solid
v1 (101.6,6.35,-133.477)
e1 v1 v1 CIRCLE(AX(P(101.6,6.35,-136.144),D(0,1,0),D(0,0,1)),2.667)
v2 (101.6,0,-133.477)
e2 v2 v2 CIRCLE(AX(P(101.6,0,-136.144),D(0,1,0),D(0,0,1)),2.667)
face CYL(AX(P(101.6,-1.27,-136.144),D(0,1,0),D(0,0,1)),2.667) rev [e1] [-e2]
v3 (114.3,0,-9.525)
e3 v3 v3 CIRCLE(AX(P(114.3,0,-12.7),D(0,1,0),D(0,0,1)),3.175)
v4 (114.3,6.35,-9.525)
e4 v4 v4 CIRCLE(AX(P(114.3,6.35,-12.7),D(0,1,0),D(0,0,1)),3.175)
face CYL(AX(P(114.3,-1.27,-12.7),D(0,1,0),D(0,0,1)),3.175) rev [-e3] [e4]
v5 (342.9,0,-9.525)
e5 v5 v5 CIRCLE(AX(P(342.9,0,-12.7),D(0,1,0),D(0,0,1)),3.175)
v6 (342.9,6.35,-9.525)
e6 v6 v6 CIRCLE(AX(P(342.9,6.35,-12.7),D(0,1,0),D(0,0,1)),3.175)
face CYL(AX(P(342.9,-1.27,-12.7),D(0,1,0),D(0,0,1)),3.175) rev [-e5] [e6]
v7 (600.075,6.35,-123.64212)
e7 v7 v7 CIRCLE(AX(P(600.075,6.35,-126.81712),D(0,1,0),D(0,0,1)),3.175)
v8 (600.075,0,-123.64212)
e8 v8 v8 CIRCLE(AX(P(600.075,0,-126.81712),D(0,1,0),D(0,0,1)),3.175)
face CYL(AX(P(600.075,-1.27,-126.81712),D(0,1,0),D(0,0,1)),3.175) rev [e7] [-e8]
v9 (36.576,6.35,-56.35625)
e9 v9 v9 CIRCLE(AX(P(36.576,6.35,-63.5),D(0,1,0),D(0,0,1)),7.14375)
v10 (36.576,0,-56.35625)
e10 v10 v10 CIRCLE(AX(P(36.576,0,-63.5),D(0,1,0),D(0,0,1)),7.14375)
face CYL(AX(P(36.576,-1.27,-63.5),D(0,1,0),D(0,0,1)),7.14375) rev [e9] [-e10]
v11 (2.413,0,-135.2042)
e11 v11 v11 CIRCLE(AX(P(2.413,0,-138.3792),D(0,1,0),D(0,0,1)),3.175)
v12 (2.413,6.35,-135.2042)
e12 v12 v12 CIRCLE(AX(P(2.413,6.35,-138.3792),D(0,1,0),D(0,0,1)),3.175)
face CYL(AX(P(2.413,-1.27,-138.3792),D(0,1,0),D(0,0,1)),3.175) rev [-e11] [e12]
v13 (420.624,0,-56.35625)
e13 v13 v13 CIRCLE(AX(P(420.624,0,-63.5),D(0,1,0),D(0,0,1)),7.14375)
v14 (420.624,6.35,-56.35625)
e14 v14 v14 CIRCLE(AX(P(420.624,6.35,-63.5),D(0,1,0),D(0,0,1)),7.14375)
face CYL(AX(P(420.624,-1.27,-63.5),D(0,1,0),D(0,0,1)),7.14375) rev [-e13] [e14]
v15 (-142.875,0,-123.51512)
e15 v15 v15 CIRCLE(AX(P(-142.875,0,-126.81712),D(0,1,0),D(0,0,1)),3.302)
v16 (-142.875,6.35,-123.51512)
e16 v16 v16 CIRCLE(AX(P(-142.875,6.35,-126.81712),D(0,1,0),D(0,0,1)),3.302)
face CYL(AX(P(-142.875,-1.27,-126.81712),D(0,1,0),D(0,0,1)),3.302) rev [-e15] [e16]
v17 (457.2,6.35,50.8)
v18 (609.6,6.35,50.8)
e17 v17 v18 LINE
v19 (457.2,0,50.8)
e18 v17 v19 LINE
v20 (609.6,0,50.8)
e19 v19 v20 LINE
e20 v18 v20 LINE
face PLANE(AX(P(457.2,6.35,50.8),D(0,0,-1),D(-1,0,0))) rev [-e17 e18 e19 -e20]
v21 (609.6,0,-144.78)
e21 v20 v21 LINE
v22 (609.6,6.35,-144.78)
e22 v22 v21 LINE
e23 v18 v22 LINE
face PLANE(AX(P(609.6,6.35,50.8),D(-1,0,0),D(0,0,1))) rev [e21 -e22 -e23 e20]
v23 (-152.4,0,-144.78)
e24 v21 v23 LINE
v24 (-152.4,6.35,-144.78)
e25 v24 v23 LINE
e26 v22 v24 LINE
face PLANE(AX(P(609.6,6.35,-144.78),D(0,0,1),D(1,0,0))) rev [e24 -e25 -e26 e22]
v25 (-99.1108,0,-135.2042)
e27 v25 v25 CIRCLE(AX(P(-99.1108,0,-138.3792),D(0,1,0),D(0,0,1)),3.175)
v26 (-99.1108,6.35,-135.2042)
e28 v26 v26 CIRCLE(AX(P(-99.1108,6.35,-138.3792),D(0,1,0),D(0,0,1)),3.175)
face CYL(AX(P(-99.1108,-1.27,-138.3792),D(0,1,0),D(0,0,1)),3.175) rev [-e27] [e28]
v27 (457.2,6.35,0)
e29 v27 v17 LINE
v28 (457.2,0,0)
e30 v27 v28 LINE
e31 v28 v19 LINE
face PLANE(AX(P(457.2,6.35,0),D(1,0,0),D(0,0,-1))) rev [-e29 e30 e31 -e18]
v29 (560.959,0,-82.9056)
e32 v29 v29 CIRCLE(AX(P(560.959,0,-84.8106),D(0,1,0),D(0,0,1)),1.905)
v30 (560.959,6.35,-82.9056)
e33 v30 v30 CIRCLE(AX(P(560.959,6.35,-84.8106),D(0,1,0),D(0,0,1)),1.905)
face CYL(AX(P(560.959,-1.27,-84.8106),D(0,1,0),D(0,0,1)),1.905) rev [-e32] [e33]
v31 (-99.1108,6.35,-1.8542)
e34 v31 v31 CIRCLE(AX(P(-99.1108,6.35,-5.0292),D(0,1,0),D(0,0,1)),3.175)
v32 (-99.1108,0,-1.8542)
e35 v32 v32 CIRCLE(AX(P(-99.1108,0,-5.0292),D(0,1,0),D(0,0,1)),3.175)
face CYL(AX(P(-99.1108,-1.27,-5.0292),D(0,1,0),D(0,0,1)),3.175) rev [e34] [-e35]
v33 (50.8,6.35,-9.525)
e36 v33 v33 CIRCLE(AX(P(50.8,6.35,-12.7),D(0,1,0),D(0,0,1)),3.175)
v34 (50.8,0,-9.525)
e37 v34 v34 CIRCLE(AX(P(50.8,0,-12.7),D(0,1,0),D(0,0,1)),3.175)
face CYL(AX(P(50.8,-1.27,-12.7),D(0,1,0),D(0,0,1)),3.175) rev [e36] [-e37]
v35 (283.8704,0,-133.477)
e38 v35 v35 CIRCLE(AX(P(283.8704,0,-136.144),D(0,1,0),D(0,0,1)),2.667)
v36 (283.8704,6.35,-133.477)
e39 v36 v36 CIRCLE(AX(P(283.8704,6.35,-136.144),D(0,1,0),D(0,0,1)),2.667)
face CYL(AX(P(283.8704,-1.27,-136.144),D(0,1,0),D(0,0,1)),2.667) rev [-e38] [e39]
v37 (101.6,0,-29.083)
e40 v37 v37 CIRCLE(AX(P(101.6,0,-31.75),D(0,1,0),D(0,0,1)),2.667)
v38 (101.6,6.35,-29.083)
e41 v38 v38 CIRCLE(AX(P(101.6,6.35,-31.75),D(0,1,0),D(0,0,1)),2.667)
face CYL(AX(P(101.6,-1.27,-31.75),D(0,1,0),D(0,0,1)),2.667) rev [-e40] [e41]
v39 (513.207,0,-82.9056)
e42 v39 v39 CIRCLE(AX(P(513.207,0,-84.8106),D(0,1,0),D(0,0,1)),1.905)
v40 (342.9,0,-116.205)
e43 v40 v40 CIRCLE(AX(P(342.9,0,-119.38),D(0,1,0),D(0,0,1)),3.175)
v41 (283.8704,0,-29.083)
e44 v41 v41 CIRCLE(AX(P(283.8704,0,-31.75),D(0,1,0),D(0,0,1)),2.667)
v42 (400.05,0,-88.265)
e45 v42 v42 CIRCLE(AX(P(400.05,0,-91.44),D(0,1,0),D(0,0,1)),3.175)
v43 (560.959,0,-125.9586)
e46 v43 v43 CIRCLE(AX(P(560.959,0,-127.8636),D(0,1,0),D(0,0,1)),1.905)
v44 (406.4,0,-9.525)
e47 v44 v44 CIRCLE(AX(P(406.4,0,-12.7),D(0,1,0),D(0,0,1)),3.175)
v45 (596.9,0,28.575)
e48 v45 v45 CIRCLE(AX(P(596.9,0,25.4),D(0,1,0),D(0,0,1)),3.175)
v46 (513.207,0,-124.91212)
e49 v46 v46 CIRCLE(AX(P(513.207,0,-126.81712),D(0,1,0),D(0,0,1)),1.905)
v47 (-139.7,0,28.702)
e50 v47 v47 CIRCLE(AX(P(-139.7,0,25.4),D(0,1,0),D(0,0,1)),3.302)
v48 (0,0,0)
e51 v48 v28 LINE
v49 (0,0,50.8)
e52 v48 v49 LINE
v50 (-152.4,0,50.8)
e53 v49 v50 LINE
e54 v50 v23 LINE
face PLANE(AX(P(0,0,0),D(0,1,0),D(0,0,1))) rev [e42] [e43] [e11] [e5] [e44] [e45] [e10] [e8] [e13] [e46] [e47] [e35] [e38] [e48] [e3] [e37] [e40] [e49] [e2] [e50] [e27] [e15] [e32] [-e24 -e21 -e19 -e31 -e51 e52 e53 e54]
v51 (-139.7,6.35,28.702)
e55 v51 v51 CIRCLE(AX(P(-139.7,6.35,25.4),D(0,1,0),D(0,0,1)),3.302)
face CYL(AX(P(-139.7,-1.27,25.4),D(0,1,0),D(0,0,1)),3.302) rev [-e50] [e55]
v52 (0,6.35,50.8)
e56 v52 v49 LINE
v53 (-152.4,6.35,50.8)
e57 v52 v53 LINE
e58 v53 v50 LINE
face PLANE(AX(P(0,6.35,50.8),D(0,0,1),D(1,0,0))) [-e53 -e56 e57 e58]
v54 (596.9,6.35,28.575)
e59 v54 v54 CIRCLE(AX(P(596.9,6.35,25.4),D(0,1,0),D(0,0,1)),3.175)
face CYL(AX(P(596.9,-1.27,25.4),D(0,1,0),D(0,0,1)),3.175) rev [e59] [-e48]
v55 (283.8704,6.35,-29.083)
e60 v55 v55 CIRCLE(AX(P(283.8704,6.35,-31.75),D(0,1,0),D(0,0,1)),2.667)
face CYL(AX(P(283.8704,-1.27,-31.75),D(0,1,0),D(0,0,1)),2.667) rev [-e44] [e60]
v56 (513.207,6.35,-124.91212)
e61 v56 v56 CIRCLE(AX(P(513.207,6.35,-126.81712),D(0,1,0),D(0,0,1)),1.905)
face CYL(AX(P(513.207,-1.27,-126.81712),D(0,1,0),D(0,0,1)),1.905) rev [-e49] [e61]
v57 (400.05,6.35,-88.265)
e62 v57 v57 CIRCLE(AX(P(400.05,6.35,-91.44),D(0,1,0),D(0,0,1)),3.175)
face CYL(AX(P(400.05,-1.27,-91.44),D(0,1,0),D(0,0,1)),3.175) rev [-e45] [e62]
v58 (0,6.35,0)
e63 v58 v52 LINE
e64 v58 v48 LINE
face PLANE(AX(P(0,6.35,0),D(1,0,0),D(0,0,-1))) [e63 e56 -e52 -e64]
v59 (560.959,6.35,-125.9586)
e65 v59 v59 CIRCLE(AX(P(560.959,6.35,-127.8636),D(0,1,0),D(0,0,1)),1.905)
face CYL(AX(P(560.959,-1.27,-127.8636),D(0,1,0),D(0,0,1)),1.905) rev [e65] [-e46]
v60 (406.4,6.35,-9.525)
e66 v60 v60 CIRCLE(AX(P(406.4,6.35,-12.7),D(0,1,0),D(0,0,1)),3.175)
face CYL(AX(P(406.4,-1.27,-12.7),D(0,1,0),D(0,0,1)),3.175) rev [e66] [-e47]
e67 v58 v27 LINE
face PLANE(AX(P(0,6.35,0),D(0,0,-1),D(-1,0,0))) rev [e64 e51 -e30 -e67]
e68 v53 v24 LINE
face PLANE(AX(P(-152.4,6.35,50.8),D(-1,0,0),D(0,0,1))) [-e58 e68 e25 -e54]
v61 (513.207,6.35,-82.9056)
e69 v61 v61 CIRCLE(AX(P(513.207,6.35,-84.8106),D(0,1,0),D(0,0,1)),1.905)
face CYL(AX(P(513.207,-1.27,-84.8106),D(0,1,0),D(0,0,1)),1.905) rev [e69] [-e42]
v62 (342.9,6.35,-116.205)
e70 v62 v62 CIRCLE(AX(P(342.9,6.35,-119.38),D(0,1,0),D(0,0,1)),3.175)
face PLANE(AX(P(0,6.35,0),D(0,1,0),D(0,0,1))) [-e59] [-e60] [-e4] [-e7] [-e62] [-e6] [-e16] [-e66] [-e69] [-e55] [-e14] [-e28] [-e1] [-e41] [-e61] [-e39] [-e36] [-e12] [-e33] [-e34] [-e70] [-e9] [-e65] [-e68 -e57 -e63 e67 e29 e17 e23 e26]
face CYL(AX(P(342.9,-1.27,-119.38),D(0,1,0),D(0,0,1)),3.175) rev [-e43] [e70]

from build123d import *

# Parameters (mm, degrees)
BOSS_EXTRUDE1_DEPTH = 6.35
SKETCH3_R           = 3.302
SKETCH3_R_2         = 3.175
SKETCH3_R_3         = 7.14375
SKETCH3_R_4         = 1.905
CUT_EXTRUDE1_DEPTH  = 7.62
SKETCH5_R           = 2.667
SKETCH5_R_2         = 3.175
CUT_EXTRUDE2_DEPTH  = 7.62


with BuildPart() as part:
    # Sketch1 → Boss-Extrude1 (new body)
    with BuildSketch(Plane(origin=(0, 0, 0), x_dir=(1, 0, 0), z_dir=(0, 1, 0))):
        Polygon((0, 0), (457.2, 0), (457.2, -50.8), (609.6, -50.8), (609.6, 144.78), (-152.4, 144.78), (-152.4, -50.8), (0, -50.8), align=None)
    extrude(amount=BOSS_EXTRUDE1_DEPTH)

    # Sketch3 → Cut-Extrude1 (cut)
    with BuildSketch(Plane(origin=(0, 6.35, 0), x_dir=(1, 0, 0), z_dir=(0, 1, 0))):
        with Locations((-139.7, -25.4)):
            Circle(SKETCH3_R)
        with Locations((-99.1108, 5.0292)):
            Circle(SKETCH3_R_2)
        with Locations((-142.875, 126.81712)):
            Circle(SKETCH3_R)
        with Locations((-99.1108, 138.3792)):
            Circle(SKETCH3_R_2)
        with Locations((2.413, 138.3792)):
            Circle(SKETCH3_R_2)
        with Locations((36.576, 63.5)):
            Circle(SKETCH3_R_3)
        with Locations((600.075, 126.81712)):
            Circle(SKETCH3_R_2)
        with Locations((596.9, -25.4)):
            Circle(SKETCH3_R_2)
        with Locations((560.959, 127.8636)):
            Circle(SKETCH3_R_4)
        with Locations((513.207, 84.8106)):
            Circle(SKETCH3_R_4)
        with Locations((560.959, 84.8106)):
            Circle(SKETCH3_R_4)
        with Locations((513.207, 126.81712)):
            Circle(SKETCH3_R_4)
        with Locations((420.624, 63.5)):
            Circle(SKETCH3_R_3)
    extrude(amount=-CUT_EXTRUDE1_DEPTH, mode=Mode.SUBTRACT)

    # Sketch5 → Cut-Extrude2 (cut)
    with BuildSketch(Plane(origin=(0, 6.35, 0), x_dir=(1, 0, 0), z_dir=(0, 1, 0))):
        with Locations((101.6, 136.144)):
            Circle(SKETCH5_R)
        with Locations((101.6, 31.75)):
            Circle(SKETCH5_R)
        with Locations((400.05, 91.44)):
            Circle(SKETCH5_R_2)
        with Locations((406.4, 12.7)):
            Circle(SKETCH5_R_2)
        with Locations((342.9, 119.38)):
            Circle(SKETCH5_R_2)
        with Locations((342.9, 12.7)):
            Circle(SKETCH5_R_2)
        with Locations((283.8704, 136.144)):
            Circle(SKETCH5_R)
        with Locations((283.8704, 31.75)):
            Circle(SKETCH5_R)
        with Locations((114.3, 12.7)):
            Circle(SKETCH5_R_2)
        with Locations((50.8, 12.7)):
            Circle(SKETCH5_R_2)
    extrude(amount=-CUT_EXTRUDE2_DEPTH, mode=Mode.SUBTRACT)


solid = part.part
